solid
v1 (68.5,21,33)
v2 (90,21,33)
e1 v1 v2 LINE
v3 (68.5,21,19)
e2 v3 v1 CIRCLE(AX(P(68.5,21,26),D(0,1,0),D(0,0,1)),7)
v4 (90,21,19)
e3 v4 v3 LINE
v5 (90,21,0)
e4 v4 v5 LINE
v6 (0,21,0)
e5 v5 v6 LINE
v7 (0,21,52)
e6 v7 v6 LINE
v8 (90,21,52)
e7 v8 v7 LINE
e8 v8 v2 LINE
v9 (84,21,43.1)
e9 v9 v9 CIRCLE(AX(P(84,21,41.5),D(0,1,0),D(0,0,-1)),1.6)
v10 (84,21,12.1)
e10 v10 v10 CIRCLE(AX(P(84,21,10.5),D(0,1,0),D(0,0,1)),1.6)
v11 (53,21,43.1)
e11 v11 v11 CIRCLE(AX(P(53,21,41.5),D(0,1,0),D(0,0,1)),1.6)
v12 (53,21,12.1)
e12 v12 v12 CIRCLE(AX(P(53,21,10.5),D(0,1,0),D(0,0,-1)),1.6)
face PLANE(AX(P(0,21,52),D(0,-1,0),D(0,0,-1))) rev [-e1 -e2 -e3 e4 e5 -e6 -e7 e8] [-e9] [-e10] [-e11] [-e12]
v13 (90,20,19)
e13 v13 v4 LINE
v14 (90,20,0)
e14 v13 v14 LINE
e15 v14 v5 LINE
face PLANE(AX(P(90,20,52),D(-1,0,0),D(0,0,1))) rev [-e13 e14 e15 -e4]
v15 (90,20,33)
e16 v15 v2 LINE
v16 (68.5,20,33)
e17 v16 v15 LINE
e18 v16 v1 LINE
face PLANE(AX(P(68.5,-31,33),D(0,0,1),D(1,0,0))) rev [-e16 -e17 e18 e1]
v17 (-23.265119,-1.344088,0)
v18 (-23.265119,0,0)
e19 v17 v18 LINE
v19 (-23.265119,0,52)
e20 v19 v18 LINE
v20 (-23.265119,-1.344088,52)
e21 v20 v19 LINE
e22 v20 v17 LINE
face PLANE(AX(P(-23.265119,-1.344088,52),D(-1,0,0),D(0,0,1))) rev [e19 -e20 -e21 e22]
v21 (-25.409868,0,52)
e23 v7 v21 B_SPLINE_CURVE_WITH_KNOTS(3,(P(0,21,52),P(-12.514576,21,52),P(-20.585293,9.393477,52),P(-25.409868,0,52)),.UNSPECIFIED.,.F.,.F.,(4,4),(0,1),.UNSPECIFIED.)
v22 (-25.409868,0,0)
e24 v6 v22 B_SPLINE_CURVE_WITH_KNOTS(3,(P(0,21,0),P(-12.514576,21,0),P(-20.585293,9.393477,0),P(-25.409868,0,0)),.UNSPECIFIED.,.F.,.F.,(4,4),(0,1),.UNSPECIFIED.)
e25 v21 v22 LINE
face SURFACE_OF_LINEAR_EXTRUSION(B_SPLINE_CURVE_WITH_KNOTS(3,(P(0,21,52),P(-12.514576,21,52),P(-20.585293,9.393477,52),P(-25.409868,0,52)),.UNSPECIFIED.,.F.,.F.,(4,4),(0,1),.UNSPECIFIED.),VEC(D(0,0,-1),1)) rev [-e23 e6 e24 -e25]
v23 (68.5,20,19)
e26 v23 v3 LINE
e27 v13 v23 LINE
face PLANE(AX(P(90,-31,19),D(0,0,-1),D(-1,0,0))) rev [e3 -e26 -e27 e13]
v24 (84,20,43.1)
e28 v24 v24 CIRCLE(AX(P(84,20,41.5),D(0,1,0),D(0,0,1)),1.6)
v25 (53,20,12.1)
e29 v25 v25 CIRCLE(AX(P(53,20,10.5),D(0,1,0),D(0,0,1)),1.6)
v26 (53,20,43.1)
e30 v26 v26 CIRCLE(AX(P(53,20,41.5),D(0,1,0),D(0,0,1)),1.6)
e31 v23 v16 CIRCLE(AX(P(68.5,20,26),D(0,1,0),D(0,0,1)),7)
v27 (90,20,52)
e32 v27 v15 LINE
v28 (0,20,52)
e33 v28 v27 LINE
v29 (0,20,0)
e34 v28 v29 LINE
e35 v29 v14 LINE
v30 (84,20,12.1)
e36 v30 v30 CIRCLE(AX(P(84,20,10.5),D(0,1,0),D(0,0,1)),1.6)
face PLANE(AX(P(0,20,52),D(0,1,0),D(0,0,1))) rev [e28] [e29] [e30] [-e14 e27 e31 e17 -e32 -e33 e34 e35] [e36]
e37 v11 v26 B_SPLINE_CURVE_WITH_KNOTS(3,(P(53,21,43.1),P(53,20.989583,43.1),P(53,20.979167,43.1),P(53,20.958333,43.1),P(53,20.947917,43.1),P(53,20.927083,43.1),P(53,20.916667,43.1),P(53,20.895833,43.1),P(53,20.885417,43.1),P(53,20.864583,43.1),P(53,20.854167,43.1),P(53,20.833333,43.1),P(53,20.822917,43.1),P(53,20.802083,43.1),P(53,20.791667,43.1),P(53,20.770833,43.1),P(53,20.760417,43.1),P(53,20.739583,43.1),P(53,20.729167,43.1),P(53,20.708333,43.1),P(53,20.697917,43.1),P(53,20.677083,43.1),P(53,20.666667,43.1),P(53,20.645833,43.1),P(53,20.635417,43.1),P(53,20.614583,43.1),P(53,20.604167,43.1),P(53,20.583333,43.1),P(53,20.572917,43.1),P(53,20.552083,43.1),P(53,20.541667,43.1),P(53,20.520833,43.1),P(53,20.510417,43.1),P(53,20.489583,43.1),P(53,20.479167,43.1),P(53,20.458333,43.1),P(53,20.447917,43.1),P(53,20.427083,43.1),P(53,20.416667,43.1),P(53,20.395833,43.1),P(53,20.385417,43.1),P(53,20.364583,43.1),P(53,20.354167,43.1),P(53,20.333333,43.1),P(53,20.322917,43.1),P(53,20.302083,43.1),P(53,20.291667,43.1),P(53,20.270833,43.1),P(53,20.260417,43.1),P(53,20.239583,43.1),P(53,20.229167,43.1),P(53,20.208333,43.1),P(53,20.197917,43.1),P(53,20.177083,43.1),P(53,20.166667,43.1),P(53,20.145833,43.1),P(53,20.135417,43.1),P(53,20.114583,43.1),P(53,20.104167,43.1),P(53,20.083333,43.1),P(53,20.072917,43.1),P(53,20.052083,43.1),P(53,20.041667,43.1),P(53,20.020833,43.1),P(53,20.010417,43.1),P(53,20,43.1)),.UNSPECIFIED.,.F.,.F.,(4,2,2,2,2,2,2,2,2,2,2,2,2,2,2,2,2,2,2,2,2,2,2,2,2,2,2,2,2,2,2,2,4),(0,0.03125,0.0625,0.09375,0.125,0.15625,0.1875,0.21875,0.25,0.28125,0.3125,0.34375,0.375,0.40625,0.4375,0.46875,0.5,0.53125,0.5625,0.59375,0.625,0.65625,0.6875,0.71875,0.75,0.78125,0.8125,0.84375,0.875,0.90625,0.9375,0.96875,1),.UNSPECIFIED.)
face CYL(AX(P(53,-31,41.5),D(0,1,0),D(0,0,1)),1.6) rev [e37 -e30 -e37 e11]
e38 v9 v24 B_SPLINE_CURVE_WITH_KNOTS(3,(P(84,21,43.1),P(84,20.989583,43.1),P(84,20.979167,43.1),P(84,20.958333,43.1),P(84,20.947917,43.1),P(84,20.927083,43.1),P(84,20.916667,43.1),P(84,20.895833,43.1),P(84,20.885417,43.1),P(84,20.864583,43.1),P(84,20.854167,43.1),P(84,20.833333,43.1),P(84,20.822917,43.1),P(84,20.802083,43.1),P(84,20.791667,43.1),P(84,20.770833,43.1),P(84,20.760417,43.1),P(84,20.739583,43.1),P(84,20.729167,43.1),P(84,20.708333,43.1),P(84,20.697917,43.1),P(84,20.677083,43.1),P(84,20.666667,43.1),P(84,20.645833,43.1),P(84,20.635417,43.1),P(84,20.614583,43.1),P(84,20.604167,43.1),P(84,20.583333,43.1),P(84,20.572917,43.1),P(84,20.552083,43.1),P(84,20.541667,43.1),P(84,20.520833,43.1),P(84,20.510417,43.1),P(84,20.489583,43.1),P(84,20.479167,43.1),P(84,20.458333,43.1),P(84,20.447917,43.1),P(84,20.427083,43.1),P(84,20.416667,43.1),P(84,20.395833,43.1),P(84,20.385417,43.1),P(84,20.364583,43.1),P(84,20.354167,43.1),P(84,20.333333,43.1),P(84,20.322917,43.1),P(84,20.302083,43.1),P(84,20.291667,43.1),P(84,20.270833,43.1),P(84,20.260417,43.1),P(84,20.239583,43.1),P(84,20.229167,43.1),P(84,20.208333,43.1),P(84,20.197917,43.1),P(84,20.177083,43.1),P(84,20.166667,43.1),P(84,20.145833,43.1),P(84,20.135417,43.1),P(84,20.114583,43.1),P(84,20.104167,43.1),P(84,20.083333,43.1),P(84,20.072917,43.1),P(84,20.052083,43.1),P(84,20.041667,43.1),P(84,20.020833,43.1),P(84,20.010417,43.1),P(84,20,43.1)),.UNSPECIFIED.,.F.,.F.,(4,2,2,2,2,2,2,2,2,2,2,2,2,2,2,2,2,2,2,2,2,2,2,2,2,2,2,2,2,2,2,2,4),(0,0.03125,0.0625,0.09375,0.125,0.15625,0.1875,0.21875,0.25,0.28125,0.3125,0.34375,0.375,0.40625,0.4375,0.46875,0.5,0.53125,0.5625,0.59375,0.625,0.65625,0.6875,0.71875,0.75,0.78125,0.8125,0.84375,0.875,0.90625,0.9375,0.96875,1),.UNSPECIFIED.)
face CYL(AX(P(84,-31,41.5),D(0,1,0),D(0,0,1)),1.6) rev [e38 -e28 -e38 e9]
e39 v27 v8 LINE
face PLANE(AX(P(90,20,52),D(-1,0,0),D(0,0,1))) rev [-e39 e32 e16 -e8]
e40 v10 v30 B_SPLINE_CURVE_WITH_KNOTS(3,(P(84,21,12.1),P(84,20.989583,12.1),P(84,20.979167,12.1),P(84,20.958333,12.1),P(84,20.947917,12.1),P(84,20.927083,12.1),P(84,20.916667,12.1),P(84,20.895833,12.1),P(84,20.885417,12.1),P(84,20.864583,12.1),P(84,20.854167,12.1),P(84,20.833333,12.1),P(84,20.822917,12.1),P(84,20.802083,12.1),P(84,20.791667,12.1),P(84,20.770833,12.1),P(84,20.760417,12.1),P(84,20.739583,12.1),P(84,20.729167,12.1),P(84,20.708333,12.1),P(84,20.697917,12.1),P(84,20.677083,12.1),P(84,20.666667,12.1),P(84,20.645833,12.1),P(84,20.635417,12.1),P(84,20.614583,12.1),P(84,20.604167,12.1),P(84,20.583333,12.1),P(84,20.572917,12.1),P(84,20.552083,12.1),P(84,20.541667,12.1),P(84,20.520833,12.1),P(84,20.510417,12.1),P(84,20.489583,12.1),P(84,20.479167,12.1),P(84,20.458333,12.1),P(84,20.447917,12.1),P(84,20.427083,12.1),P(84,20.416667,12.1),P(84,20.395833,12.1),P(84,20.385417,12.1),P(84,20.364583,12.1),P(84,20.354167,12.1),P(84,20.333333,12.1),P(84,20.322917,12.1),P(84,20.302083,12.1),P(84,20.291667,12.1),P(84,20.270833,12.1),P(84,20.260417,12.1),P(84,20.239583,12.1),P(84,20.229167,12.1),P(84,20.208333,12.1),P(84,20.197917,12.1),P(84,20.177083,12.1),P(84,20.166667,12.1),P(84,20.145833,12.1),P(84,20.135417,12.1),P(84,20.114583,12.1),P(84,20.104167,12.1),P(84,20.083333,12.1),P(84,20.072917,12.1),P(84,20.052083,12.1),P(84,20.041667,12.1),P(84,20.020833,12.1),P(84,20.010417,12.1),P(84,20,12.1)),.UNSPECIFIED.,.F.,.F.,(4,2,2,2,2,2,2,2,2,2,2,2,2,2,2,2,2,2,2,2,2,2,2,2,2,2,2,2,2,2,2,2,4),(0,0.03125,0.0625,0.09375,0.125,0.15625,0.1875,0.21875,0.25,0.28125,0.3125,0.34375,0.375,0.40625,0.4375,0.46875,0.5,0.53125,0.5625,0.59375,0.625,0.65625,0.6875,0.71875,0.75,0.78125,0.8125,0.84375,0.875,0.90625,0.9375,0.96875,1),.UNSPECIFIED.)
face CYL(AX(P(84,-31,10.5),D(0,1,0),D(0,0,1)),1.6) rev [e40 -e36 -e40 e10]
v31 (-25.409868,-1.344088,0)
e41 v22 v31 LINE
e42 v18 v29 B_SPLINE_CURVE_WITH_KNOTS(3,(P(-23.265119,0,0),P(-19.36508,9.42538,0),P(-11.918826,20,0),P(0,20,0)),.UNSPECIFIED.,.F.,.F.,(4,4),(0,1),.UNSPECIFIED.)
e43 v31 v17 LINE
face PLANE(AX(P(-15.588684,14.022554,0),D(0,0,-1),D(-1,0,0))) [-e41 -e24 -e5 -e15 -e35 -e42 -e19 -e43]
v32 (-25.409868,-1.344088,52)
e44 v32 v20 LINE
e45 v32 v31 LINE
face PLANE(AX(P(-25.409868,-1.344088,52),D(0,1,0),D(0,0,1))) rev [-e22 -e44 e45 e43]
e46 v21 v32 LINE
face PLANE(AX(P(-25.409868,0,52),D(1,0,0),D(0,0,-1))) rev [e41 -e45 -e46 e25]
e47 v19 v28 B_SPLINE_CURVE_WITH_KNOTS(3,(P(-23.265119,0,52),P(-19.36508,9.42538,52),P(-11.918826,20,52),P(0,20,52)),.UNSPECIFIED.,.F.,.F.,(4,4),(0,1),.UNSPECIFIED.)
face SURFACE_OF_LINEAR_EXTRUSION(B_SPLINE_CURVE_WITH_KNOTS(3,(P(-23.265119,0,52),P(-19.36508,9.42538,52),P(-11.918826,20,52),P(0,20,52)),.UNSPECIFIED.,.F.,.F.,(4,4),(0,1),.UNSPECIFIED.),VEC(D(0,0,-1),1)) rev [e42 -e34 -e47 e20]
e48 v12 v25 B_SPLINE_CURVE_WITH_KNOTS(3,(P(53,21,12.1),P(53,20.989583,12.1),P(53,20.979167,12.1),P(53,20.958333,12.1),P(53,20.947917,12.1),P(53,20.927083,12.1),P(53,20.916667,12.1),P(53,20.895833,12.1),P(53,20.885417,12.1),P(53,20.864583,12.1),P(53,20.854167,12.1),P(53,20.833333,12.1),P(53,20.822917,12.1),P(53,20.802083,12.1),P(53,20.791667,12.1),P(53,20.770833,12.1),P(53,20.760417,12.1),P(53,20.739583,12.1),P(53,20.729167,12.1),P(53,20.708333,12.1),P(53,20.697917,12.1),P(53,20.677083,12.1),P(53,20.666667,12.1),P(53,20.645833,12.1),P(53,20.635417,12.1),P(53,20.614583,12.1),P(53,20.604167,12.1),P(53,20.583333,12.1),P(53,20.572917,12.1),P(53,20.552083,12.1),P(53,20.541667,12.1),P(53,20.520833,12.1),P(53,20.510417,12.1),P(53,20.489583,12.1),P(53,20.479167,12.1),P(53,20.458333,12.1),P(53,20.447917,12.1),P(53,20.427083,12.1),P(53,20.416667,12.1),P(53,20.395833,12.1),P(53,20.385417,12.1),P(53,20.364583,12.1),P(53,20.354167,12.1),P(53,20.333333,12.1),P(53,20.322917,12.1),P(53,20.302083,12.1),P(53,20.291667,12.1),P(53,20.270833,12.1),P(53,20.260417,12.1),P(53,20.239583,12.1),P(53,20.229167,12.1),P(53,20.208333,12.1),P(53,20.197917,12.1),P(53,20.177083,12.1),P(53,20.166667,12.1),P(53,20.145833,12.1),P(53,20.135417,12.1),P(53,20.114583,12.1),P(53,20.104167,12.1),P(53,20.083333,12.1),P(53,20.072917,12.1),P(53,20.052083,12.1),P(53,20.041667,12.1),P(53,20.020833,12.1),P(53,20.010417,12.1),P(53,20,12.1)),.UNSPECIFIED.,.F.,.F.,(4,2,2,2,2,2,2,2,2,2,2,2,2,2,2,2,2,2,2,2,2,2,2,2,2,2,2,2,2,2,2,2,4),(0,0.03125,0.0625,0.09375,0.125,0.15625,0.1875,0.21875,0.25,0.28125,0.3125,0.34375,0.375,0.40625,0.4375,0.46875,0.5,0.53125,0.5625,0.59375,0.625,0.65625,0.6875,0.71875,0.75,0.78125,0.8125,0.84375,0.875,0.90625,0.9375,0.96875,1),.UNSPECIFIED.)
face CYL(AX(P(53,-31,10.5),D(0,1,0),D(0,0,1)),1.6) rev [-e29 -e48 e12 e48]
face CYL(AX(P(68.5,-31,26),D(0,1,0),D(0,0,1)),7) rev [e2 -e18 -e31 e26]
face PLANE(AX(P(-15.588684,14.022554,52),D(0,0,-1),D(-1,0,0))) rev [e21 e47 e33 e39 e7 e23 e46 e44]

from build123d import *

# Parameters (mm, degrees)
EXTRUDE_1_DEPTH     = 52
SKETCH_3_R          = 1.6
CUT_EXTRUDE_1_DEPTH = 52


with BuildPart() as part:
    # 草图2 → 凸台-拉伸1 (new body)
    with BuildSketch(Plane.XY):
        with BuildLine():
            Line((0, 21), (90, 21))
            Line((90, 21), (90, 20))
            Line((90, 20), (0, 20))
            add(Edge.make_bspline(
                [(0, 20), (-11.918826451, 20), (-19.365080243, 9.425379896), (-23.265119014, 0)],
                knots=[0, 0, 0, 0, 1, 1, 1, 1], degree=3))
            Line((-23.265119014, 0), (-23.265119014, -1.344088089))
            Line((-23.265119014, -1.344088089), (-25.409868427, -1.344088089))
            Line((-25.409868427, -1.344088089), (-25.409868427, 0))
            add(Edge.make_bspline(
                [(0, 21), (-12.514575739, 21), (-20.585292942, 9.393477036), (-25.409868427, 0)],
                knots=[0, 0, 0, 0, 1, 1, 1, 1], degree=3))
        make_face()
    extrude(amount=EXTRUDE_1_DEPTH)

    # 草图3 → 切除-拉伸1 (cut)
    with BuildSketch(Plane(origin=(0, 21, 0), x_dir=(1, 0, 0), z_dir=(0, 1, 0))):
        with Locations(Location((84, -10.5, 0), (0, 0, 270))):
            Circle(SKETCH_3_R)
        with Locations(Location((84, -41.5, 0), (0, 0, 270))):
            Circle(SKETCH_3_R)
        with Locations(Location((53, -41.5, 0), (0, 0, 270))):
            Circle(SKETCH_3_R)
        with Locations(Location((53, -10.5, 0), (0, 0, 270))):
            Circle(SKETCH_3_R)
        with BuildLine():
            Line((90, -19), (68.5, -19))
            ThreePointArc((68.5, -19), (61.5, -26), (68.5, -33))
            Line((68.5, -33), (90, -33))
            Line((90, -33), (90, -19))
        make_face()
    extrude(amount=-CUT_EXTRUDE_1_DEPTH, mode=Mode.SUBTRACT)


solid = part.part
